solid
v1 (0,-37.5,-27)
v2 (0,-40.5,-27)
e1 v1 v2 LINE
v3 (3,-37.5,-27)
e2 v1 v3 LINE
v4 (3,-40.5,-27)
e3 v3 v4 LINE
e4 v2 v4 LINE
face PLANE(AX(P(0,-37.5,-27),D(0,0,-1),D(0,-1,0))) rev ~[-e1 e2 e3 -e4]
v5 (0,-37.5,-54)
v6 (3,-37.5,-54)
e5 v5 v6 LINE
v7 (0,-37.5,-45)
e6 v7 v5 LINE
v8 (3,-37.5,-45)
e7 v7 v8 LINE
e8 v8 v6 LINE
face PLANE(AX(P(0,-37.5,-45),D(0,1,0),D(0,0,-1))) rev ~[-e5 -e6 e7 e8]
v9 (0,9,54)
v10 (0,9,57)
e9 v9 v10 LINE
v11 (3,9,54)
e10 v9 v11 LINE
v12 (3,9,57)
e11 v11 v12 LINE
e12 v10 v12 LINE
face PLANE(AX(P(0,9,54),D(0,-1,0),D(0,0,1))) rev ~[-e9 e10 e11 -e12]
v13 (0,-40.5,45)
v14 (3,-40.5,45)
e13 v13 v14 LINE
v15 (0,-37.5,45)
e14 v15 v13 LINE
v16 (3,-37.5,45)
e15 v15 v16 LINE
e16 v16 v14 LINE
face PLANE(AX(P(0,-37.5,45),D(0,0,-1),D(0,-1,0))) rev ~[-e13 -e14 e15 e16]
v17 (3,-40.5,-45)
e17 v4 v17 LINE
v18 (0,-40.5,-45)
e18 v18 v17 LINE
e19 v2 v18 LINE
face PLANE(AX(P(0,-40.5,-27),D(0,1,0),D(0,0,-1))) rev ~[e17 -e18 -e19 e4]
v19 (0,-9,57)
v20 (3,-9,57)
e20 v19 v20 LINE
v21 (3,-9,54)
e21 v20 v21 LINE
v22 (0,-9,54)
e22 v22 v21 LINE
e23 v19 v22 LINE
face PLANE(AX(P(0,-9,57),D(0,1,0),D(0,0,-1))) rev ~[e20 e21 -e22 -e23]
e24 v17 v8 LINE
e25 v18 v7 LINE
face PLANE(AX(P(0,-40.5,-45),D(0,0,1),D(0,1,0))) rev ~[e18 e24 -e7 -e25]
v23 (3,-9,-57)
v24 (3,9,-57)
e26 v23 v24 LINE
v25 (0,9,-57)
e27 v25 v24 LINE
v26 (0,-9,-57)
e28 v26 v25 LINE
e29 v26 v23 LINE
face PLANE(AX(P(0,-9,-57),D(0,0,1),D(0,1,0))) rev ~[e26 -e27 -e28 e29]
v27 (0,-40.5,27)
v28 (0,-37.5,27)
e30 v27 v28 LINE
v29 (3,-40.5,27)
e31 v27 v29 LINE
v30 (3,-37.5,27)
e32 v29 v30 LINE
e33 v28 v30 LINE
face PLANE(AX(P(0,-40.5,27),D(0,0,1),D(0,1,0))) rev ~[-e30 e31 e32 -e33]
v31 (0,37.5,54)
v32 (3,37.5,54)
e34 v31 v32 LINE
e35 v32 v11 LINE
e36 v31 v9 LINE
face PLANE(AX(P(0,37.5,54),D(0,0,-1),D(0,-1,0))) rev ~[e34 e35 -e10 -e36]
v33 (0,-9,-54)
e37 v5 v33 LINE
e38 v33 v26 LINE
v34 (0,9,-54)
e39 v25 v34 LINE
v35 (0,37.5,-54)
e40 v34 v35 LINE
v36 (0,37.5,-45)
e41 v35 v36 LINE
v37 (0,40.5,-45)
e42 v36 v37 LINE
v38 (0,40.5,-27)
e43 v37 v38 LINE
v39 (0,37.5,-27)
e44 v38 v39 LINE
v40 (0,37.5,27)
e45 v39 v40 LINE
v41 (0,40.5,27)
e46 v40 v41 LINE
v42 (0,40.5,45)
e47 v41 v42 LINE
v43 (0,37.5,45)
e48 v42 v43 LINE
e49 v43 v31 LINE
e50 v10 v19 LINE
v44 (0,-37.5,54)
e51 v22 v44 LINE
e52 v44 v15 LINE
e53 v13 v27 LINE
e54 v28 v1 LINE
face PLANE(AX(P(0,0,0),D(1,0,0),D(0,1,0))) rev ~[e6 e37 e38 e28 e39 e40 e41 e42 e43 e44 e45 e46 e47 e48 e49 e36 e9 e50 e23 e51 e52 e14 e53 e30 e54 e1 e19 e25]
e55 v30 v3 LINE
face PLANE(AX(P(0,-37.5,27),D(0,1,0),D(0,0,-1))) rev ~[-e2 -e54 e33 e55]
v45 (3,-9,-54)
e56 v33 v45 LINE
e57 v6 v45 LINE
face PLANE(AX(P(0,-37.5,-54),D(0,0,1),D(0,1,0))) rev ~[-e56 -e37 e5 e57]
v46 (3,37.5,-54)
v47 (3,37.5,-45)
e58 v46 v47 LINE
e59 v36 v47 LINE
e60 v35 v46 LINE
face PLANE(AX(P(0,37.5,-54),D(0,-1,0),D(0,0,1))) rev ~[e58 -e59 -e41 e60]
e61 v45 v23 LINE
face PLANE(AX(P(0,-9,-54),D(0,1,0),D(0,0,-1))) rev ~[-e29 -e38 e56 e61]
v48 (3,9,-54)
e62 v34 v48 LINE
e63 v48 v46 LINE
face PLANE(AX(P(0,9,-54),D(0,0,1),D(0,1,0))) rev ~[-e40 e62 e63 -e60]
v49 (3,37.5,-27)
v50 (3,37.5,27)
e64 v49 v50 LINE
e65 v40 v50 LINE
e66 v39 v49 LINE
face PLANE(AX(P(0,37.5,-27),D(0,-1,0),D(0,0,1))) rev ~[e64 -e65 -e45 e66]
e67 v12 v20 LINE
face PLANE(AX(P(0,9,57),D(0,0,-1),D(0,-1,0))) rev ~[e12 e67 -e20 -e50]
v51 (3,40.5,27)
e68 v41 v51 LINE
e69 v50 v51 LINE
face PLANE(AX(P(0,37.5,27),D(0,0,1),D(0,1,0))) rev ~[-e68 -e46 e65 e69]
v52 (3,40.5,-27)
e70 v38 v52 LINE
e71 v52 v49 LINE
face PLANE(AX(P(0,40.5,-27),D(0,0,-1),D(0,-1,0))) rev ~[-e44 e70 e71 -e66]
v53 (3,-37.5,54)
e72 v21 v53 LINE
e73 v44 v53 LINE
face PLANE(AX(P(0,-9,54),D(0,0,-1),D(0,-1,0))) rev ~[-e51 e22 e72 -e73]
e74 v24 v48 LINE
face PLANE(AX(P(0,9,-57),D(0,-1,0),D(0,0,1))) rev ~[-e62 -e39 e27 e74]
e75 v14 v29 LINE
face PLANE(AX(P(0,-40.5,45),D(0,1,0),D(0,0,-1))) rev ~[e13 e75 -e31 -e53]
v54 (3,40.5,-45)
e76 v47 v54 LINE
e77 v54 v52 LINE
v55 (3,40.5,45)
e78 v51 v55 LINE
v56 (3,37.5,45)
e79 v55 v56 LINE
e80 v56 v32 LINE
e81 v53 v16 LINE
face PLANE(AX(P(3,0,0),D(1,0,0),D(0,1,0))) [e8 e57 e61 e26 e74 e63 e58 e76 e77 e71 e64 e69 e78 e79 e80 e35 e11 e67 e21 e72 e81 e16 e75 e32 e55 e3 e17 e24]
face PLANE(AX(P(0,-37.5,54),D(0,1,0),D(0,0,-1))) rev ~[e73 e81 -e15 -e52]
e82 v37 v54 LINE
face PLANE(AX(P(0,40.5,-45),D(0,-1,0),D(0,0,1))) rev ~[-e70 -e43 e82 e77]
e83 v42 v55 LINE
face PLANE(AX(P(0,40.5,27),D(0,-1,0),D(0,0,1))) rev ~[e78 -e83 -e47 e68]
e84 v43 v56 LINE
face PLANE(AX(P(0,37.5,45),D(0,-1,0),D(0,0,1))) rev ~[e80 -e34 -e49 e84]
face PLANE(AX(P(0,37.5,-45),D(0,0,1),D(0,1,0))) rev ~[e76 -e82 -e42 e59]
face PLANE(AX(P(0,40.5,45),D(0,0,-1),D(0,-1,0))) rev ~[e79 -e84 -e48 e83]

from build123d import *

# Parameters (mm, degrees)
F1_DEPTH = 3


with BuildPart() as f1:
    # F0 (on Right) → F1 (new body)
    with BuildSketch(Plane.YZ):
        Polygon((37.5, 45), (37.5, 54), (9, 54), (9, 57), (-9, 57), (-9, 54), (-37.5, 54), (-37.5, 45), (-40.5, 45), (-40.5, 27), (-37.5, 27), (-37.5, -27), (-40.5, -27), (-40.5, -45), (-37.5, -45), (-37.5, -54), (-9, -54), (-9, -57), (9, -57), (9, -54), (37.5, -54), (37.5, -45), (40.5, -45), (40.5, -27), (37.5, -27), (37.5, 27), (40.5, 27), (40.5, 45), align=None)
    extrude(amount=F1_DEPTH)


solid = f1.part
